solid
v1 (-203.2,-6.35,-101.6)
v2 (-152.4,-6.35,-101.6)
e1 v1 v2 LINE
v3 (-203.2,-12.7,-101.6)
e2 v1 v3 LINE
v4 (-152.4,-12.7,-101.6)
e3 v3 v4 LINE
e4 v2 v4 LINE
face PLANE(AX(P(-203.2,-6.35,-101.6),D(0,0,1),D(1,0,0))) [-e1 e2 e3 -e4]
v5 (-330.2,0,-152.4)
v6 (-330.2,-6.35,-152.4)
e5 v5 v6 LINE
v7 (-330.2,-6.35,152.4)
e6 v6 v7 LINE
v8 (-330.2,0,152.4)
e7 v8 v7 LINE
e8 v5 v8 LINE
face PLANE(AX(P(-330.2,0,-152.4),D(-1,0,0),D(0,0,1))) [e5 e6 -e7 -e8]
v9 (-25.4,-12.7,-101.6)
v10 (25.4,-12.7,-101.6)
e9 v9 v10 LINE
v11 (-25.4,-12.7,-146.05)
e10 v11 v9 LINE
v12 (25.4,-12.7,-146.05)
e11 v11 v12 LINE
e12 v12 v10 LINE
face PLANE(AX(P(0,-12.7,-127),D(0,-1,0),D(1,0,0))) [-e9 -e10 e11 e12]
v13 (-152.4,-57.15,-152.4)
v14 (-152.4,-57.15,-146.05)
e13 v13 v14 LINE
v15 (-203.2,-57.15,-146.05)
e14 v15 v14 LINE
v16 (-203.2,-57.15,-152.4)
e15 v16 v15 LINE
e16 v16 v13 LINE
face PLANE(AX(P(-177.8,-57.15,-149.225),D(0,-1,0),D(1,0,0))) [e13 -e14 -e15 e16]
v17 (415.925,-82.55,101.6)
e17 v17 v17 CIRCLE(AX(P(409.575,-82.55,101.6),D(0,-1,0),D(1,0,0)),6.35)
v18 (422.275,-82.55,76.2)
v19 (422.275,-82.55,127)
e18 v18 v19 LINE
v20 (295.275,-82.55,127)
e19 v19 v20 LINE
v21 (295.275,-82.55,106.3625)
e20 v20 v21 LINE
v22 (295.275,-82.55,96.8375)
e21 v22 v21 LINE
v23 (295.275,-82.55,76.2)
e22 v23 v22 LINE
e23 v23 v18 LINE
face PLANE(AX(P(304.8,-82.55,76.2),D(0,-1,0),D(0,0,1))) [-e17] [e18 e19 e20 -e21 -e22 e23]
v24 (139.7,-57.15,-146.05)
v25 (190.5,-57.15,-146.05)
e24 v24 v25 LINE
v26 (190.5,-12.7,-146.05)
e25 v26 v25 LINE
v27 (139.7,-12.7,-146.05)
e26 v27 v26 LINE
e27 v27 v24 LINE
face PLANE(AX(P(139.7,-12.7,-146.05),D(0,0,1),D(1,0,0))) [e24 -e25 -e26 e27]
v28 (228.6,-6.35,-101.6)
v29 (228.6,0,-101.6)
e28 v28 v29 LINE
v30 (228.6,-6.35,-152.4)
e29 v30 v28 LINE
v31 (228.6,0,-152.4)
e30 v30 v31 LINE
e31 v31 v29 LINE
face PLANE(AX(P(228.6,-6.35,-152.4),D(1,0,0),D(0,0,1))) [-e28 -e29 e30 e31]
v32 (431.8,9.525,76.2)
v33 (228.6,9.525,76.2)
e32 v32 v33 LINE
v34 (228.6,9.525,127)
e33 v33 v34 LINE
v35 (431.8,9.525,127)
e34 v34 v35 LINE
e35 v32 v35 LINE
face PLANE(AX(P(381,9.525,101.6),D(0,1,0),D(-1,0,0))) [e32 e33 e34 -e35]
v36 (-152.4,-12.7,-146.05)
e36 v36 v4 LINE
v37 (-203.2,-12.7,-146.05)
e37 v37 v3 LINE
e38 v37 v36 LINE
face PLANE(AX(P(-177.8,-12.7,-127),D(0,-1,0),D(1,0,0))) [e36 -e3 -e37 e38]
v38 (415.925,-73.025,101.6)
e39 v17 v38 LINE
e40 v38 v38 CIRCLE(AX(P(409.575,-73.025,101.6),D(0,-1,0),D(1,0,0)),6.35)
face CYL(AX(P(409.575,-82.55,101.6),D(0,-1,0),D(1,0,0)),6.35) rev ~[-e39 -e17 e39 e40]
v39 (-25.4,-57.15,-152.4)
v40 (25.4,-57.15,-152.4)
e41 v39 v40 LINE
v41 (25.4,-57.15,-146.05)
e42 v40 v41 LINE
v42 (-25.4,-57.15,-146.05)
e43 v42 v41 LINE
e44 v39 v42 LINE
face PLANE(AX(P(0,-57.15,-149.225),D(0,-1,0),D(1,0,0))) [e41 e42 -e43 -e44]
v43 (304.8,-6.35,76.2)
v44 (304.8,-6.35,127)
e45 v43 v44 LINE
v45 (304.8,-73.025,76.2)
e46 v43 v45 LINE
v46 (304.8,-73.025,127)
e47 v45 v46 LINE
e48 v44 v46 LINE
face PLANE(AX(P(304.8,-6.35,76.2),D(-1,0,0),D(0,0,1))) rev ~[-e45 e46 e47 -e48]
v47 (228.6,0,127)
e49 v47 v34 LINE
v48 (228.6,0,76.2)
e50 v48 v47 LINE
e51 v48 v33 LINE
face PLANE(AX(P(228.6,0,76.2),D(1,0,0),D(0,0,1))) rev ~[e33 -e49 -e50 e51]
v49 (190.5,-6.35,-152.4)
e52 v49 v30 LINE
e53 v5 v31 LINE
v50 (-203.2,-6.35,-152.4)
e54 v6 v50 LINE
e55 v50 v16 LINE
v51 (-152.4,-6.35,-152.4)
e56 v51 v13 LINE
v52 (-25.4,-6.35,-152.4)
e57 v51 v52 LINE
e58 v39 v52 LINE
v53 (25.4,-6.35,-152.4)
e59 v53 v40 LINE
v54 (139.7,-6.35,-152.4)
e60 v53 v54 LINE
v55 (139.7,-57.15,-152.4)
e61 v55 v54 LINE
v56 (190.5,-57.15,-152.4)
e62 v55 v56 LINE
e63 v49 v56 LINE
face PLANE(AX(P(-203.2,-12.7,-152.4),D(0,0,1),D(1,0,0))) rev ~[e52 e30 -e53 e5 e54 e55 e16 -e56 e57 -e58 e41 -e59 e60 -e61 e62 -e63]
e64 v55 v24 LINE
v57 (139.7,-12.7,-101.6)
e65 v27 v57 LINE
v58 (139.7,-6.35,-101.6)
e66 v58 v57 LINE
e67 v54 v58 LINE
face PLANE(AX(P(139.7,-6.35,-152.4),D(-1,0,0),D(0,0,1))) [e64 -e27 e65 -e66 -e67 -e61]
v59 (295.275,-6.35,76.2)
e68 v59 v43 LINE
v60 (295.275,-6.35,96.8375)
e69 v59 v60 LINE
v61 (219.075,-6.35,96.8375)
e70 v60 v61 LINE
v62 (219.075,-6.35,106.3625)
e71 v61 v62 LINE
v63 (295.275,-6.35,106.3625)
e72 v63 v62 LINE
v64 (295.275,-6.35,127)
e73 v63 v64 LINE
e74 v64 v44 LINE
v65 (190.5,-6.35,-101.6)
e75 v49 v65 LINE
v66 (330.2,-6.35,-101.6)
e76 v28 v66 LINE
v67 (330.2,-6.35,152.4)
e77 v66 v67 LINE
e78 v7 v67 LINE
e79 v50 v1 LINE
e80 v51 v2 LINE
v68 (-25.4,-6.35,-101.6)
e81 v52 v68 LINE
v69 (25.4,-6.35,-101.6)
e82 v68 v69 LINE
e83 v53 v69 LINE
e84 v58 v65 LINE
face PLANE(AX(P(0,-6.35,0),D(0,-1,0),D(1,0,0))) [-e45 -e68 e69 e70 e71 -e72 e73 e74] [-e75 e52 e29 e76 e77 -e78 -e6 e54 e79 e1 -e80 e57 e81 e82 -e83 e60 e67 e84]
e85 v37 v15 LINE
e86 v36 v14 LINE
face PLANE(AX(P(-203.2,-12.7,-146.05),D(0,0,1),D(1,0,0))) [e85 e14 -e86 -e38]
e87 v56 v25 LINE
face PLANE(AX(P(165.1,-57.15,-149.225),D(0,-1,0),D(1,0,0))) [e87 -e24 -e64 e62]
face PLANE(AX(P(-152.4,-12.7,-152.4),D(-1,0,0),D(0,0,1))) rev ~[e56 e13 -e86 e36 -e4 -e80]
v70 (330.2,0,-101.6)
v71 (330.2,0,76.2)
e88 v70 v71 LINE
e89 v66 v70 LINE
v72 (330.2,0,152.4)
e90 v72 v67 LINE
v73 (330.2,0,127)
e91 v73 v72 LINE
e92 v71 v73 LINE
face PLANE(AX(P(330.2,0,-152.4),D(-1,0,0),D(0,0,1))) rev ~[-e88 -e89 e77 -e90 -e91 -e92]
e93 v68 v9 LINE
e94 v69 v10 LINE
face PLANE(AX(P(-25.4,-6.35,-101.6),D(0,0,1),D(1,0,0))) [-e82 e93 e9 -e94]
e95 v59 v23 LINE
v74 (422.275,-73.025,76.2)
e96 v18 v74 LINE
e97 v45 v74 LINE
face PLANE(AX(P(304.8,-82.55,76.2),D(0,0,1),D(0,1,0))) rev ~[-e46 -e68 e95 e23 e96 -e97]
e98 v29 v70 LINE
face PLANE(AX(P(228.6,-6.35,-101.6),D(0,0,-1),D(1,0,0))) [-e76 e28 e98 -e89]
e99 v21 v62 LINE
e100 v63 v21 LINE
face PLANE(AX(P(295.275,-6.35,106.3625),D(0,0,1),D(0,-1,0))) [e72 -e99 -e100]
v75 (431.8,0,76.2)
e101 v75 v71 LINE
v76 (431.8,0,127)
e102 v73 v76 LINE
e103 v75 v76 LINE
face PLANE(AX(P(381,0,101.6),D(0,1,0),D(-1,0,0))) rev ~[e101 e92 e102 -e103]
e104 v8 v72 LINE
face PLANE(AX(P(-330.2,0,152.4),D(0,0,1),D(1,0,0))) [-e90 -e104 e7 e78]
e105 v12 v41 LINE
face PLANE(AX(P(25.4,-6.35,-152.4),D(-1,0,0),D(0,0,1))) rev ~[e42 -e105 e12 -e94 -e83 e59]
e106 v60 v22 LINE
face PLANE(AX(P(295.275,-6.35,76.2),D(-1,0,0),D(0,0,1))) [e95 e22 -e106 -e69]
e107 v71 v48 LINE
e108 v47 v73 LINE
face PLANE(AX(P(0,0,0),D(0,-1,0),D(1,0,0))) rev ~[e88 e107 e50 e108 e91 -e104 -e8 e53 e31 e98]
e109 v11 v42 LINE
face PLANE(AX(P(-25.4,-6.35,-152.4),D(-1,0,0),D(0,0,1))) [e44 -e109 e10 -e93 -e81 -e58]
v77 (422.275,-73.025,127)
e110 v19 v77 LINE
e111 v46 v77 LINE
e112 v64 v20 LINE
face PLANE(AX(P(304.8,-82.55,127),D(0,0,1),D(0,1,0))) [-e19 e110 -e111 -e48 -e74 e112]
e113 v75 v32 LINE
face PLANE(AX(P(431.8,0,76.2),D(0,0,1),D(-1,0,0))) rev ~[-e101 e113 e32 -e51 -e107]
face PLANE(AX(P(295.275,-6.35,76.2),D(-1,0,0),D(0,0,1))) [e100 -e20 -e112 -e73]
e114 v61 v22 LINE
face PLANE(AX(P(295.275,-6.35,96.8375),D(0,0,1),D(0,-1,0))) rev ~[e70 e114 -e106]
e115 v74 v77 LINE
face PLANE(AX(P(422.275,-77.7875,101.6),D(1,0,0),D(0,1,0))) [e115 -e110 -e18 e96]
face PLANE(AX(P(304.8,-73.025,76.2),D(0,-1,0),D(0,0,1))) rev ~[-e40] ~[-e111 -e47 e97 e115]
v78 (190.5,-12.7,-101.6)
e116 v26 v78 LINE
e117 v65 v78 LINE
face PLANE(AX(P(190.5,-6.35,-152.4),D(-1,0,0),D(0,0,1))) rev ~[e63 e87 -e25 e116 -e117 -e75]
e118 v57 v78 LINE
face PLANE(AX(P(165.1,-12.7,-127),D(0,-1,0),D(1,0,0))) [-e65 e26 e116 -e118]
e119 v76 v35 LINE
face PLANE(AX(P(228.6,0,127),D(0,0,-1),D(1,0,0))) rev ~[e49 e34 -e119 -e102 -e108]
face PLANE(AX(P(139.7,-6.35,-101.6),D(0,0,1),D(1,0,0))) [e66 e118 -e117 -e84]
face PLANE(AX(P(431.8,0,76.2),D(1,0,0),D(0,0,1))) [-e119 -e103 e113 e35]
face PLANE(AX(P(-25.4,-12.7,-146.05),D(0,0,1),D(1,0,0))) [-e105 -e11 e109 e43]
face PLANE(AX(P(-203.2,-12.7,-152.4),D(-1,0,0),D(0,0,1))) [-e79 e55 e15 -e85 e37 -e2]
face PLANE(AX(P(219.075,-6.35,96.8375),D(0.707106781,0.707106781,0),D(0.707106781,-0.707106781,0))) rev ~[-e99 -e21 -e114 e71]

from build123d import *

# Parameters (mm, degrees)
F0_W      = 660.4
F0_H      = 304.8
F1_DEPTH  = 6.35
F2_W      = 50.8
F2_H      = 50.8
F3_DEPTH  = 6.35
F4_W      = 50.8
F4_H      = 6.35
F5_W      = 50.8
F5_H      = 6.35
F6_W      = 50.8
F6_H      = 6.35
F7_DEPTH  = 44.45
F8_W      = 101.6
F8_H      = 50.8
F9_DEPTH  = 9.525
F10_W     = 101.6
F10_H     = 50.8
F11_DEPTH = 25.4
F12_W     = 9.525
F12_H     = 50.8
F13_DEPTH = 76.2
F14_W     = 9.525
F14_H     = 50.8
F15_DEPTH = 117.475
F16_R     = 6.35
F17_DEPTH = 25.4
F18_W     = 76.2
F18_H     = 9.525
F19_DEPTH = 76.2
F21_DEPTH = 25.4


with BuildPart() as f1:
    # F0 (on Front) → F1 (new body)
    with BuildSketch(Plane.XZ):
        Rectangle(F0_W, F0_H)
    extrude(amount=F1_DEPTH)

    # F2 (on face) → F3 (join)
    with BuildSketch(Plane.XZ.offset(6.35)):
        with Locations((165.1, -127)):
            Rectangle(F2_W, F2_H)
        with Locations((0, -127)):
            Rectangle(F2_W, F2_H)
        with Locations((-177.8, -127)):
            Rectangle(F2_W, F2_H)
    extrude(amount=F3_DEPTH)

    # F4 (on face) + F5 (on face) + F6 (on face) → F7 (join)
    with BuildSketch(Plane.XZ.offset(12.7)):
        with Locations((-177.8, -149.225)):
            Rectangle(F4_W, F4_H)
    with BuildSketch(Plane.XZ.offset(12.7)):
        with Locations((0, -149.225)):
            Rectangle(F5_W, F5_H)
    with BuildSketch(Plane.XZ.offset(12.7)):
        with Locations((165.1, -149.225)):
            Rectangle(F6_W, F6_H)
    extrude(amount=F7_DEPTH)

    # F8 (on face) → F9 (join)
    with BuildSketch(Plane(origin=(0, 0, 0), x_dir=(-1, 0, 0), z_dir=(0, 1, 0))):
        with Locations((-381, 101.6)):
            Rectangle(F8_W, F8_H)
        with Locations((-279.4, 101.6)):
            Rectangle(F8_W, F8_H)
    extrude(amount=F9_DEPTH)

    # F10 (on face) → F11 (cut)
    with BuildSketch(Plane.XZ.offset(6.35)):
        with Locations((279.4, -127)):
            Rectangle(F10_W, F10_H)
    extrude(amount=-F11_DEPTH, mode=Mode.SUBTRACT)

    # F12 (on face) → F13 (join)
    with BuildSketch(Plane.XZ.offset(6.35)):
        with Locations((300.0375, 101.6)):
            Rectangle(F12_W, F12_H)
    extrude(amount=F13_DEPTH)

    # F14 (on face) → F15 (join)
    with BuildSketch(Plane.YZ.offset(304.8)):
        with Locations((-77.7875, 101.6)):
            Rectangle(F14_W, F14_H)
    extrude(amount=F15_DEPTH)

    # F16 (on face) → F17 (cut)
    with BuildSketch(Plane.XZ.offset(82.55)):
        with Locations((409.575, 101.6)):
            Circle(F16_R)
    extrude(amount=-F17_DEPTH, mode=Mode.SUBTRACT)

    # F18 (on face) → F19 (join)
    with BuildSketch(Plane(origin=(295.275, 0, 0), x_dir=(0, -1, 0), z_dir=(-1, 0, 0))):
        with Locations((44.45, 101.6)):
            Rectangle(F18_W, F18_H)
    extrude(amount=F19_DEPTH)

    # F20 (on face) → F21 (cut)
    with BuildSketch(Plane(origin=(0, 0, 96.8375), x_dir=(1, 0, 0), z_dir=(0, 0, -1))):
        Polygon((219.075, 82.55), (219.075, 6.35), (295.275, 82.55), align=None)
    extrude(amount=-F21_DEPTH, mode=Mode.SUBTRACT)


solid = f1.part
